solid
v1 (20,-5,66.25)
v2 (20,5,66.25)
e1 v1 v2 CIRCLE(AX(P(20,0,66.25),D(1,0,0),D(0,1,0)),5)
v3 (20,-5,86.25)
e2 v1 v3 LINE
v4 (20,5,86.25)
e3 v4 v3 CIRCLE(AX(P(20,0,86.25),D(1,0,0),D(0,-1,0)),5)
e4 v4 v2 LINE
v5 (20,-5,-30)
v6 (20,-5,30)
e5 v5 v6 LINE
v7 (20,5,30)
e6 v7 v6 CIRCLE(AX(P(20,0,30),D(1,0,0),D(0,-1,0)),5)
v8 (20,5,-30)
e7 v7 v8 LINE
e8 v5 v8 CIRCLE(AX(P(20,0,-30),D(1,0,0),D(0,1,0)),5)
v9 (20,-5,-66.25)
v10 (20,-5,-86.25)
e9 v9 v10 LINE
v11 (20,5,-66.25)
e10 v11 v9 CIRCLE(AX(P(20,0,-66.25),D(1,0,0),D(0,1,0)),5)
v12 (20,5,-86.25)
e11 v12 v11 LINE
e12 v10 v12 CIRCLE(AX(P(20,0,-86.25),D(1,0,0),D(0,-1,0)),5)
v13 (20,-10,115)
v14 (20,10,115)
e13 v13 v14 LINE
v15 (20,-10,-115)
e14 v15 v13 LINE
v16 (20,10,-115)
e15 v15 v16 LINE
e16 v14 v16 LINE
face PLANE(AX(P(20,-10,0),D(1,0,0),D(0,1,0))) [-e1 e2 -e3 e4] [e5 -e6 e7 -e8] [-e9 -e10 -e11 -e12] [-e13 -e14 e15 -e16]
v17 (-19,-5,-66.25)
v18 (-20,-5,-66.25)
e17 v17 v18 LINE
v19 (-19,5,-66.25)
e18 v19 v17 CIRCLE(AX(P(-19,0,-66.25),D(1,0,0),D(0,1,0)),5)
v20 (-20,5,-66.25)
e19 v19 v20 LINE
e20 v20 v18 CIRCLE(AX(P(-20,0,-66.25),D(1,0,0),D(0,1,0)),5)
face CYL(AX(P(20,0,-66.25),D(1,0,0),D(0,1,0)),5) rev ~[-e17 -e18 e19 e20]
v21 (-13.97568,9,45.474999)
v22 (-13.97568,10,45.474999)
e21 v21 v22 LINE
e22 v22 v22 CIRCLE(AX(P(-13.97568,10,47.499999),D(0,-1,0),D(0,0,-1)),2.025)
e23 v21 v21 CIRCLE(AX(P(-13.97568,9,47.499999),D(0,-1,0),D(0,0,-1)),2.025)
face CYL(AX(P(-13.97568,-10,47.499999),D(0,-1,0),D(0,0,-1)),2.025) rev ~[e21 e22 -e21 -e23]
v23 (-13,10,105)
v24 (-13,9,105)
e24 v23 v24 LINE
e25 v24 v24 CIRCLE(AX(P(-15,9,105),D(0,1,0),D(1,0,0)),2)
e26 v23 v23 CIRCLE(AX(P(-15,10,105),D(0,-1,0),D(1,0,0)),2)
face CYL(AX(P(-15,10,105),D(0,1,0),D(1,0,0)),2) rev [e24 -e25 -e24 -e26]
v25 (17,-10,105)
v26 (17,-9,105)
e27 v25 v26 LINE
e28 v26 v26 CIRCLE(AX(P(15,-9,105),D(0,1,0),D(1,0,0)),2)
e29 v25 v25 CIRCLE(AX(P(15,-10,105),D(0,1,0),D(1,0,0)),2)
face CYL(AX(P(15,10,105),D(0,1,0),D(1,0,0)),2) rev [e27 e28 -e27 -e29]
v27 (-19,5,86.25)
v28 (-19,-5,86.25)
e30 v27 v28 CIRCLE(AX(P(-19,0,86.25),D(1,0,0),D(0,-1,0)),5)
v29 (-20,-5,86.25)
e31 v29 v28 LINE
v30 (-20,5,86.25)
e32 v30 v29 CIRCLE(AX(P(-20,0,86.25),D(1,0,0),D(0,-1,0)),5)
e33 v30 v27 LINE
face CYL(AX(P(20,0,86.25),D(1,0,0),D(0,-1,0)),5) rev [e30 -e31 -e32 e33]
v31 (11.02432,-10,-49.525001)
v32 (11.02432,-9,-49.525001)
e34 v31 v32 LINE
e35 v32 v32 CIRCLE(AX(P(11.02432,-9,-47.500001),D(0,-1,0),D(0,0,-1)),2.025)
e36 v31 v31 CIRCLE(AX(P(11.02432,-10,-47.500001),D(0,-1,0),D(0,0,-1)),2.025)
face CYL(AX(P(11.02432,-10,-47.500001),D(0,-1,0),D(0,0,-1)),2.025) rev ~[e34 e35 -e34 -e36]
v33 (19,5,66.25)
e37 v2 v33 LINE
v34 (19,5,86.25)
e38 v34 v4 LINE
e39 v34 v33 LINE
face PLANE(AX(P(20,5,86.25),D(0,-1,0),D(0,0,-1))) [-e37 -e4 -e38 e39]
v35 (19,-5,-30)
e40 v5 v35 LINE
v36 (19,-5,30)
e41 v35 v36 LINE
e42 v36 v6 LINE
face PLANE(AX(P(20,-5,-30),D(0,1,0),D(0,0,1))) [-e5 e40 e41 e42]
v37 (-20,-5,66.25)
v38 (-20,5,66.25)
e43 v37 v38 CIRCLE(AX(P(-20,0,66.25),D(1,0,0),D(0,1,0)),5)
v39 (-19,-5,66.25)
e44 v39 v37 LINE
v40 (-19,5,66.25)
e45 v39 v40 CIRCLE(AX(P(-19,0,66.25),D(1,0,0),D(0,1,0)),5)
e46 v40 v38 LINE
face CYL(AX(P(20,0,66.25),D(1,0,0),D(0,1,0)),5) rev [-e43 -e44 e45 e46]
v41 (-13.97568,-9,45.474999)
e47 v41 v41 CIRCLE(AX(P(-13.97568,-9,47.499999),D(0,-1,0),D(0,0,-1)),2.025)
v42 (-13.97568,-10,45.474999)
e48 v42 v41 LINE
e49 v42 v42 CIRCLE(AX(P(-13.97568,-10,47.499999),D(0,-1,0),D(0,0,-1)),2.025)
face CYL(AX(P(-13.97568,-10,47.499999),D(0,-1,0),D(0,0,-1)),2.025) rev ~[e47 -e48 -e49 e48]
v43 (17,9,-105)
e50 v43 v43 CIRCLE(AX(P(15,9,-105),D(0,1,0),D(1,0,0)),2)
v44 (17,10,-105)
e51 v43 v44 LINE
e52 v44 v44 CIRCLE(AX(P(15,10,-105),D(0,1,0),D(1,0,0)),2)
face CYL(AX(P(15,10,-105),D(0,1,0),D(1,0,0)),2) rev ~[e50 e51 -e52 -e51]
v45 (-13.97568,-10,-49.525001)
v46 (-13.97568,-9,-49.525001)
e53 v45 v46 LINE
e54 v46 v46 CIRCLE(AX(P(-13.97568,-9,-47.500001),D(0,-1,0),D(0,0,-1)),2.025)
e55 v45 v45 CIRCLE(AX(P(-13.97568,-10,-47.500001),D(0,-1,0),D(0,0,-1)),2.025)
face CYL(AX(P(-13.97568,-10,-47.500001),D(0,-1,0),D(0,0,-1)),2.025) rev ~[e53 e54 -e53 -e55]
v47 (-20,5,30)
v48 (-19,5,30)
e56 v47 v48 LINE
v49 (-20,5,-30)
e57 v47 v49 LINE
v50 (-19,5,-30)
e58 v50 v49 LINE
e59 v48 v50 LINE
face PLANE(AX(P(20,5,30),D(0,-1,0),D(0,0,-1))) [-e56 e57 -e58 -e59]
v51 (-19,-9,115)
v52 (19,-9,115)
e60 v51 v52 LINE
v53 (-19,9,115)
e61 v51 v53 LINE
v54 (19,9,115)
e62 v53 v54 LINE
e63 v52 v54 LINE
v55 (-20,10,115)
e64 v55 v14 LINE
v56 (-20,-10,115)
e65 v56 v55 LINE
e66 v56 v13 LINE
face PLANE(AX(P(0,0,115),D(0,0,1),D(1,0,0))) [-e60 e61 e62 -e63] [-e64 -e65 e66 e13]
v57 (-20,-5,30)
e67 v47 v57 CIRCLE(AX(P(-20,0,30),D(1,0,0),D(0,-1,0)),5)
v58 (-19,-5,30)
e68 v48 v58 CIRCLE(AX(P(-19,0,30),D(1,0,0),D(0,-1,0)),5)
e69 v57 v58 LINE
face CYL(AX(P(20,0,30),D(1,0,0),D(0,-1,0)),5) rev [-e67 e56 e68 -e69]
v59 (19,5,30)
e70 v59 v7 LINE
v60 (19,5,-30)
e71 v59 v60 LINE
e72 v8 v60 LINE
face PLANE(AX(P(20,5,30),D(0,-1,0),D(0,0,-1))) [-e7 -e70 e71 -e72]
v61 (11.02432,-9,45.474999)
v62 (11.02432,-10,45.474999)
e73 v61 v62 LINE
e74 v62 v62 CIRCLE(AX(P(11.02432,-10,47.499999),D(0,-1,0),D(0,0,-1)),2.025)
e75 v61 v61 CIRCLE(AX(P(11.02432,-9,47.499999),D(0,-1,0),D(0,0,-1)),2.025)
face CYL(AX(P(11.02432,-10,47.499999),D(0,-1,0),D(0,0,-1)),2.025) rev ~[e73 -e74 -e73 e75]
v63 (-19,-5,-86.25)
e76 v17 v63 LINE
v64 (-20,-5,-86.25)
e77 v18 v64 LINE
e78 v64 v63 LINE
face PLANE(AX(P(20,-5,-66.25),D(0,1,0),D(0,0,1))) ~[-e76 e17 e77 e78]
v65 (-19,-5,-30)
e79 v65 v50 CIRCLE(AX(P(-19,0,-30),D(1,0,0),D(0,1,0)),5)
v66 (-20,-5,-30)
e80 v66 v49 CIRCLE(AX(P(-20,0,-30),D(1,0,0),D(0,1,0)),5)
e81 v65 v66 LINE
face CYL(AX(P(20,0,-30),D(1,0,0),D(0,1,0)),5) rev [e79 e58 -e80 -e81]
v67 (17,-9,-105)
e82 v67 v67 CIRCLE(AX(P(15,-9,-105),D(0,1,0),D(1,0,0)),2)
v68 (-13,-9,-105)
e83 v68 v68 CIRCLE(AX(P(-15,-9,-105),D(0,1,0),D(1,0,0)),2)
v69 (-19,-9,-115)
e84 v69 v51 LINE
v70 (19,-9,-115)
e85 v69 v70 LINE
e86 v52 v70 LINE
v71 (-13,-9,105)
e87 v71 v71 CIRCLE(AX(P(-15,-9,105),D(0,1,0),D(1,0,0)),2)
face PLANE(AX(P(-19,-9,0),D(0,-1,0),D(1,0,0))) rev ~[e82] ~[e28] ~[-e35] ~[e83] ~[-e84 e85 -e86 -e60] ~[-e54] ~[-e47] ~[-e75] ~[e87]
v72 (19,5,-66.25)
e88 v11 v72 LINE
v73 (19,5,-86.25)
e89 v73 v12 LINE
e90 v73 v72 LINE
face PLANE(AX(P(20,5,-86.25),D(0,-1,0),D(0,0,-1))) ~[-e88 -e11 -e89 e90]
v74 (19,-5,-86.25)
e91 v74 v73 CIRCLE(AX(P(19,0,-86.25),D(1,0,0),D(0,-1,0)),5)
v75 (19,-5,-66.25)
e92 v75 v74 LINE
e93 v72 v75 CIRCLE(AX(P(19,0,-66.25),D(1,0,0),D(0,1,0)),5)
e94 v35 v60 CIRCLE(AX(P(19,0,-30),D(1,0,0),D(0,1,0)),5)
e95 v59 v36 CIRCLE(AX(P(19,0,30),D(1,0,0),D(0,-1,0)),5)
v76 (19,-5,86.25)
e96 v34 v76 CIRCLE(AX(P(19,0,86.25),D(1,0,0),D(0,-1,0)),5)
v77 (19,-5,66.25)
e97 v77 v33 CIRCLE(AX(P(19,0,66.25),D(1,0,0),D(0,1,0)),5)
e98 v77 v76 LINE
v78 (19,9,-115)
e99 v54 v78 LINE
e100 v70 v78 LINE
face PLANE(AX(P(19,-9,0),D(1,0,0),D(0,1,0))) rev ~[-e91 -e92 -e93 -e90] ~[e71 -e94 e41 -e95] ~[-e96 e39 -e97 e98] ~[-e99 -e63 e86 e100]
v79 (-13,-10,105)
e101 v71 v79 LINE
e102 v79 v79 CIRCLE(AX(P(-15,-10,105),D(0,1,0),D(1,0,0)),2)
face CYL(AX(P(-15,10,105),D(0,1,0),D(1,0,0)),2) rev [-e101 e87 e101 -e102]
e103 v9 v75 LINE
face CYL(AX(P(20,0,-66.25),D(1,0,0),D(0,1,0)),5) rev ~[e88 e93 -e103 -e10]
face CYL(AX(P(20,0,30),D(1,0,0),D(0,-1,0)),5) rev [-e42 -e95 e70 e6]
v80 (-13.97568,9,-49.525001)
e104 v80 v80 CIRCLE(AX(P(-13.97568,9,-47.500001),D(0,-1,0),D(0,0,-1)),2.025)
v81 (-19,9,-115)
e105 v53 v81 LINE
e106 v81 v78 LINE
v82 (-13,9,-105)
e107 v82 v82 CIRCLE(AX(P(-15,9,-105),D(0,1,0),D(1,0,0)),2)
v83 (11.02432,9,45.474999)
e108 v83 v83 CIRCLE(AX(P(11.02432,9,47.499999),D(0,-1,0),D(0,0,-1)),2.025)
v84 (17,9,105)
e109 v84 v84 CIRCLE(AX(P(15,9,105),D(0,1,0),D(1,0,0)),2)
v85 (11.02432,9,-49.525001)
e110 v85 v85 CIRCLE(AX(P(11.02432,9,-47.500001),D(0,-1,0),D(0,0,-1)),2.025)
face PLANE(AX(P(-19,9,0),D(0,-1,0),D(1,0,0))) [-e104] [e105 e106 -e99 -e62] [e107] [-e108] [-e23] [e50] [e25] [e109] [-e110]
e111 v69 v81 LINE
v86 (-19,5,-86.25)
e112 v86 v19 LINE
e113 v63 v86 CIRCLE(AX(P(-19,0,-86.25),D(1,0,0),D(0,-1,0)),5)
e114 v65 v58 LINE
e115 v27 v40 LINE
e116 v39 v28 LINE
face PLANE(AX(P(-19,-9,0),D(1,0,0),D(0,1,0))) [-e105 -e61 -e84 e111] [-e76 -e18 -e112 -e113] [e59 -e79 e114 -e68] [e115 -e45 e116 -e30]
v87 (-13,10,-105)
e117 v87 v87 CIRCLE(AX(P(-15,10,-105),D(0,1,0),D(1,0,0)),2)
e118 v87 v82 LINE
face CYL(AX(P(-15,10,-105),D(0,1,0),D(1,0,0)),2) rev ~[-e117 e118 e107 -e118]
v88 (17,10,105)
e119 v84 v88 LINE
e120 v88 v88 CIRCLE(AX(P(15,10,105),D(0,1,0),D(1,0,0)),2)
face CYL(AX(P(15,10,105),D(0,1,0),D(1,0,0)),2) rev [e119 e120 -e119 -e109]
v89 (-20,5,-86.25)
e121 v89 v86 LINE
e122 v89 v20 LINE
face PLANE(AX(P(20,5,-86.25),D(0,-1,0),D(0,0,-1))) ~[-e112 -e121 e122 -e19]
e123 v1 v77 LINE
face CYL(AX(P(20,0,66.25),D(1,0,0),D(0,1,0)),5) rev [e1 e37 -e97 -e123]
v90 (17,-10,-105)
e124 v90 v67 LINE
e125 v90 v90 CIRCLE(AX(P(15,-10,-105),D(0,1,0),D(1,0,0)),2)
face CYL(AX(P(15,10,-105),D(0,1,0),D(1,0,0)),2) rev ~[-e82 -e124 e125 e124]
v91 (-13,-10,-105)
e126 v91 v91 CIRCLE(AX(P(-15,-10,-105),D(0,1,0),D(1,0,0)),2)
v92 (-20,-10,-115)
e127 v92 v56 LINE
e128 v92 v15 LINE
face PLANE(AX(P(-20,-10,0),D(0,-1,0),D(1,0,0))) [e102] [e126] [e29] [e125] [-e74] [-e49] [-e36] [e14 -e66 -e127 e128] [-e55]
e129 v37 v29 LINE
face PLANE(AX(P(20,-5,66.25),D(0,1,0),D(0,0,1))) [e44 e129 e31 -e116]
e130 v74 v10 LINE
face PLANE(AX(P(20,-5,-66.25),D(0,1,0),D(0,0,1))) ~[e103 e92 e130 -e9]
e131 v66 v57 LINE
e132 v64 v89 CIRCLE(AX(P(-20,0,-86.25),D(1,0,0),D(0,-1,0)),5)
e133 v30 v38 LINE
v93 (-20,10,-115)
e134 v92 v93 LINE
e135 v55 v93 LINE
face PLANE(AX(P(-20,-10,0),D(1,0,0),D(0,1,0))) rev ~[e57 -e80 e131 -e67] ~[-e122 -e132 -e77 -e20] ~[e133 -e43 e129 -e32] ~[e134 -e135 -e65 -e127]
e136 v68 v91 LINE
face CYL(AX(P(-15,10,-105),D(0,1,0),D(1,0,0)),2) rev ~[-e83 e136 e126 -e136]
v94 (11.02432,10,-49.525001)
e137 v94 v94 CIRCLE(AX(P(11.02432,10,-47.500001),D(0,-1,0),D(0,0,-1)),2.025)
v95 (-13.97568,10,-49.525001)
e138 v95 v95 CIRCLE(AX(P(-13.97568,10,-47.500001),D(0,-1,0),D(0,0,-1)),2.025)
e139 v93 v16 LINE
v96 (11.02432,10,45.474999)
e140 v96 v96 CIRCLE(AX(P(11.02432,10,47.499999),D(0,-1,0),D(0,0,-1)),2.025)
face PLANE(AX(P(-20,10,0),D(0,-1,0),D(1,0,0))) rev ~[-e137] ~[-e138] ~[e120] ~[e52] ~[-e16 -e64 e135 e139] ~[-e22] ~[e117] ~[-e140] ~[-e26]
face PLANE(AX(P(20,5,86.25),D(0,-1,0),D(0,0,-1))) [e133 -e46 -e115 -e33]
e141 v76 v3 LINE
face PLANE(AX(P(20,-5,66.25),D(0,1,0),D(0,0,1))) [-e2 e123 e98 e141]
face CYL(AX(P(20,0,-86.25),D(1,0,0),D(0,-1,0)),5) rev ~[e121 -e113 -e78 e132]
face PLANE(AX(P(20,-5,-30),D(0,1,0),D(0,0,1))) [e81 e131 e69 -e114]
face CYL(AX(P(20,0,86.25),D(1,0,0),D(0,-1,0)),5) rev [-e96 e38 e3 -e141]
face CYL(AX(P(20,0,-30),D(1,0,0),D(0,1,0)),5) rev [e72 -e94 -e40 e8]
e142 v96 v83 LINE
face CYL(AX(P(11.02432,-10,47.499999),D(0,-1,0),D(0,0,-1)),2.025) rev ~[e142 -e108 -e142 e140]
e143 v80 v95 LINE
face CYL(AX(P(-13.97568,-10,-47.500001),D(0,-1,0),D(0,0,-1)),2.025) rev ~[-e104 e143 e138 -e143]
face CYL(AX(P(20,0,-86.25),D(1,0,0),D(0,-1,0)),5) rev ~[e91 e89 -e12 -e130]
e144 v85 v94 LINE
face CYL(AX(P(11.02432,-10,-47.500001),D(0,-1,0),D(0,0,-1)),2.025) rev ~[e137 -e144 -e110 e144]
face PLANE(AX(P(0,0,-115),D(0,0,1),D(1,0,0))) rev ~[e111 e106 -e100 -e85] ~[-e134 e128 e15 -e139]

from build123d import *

# Parameters (mm, degrees)
SKETCH_1_W          = 40
SKETCH_1_H          = 20
SKETCH_1_W_2        = 38
SKETCH_1_H_2        = 18
EXTRUDE_1_DEPTH     = 115
SKETCH_2_R          = 2
CUT_EXTRUDE_1_DEPTH = 115
SKETCH_3_R          = 2.025
CUT_EXTRUDE_2_DEPTH = 35
CUT_EXTRUDE_3_DEPTH = 129.5
CUT_EXTRUDE_4_DEPTH = 129.5


with BuildPart() as part:
    # 草图1 → 凸台-拉伸1 (new, symmetric)
    with BuildSketch(Plane.XY):
        Rectangle(SKETCH_1_W, SKETCH_1_H)
        Rectangle(SKETCH_1_W_2, SKETCH_1_H_2, mode=Mode.SUBTRACT)
    extrude(amount=EXTRUDE_1_DEPTH, both=True)

    # 草图2 → 切除-拉伸1 (cut, symmetric)
    with BuildSketch(Plane(origin=(0, 10, 0), x_dir=(1, 0, 0), z_dir=(0, 1, 0))):
        with Locations((-15, 105)):
            Circle(SKETCH_2_R)
        with Locations((15, 105)):
            Circle(SKETCH_2_R)
    cut_extrude_1 = extrude(amount=CUT_EXTRUDE_1_DEPTH, both=True, mode=Mode.SUBTRACT)

    # 镜向1: 切除-拉伸1 across plane
    add(cut_extrude_1.mirror(Plane.XY), mode=Mode.SUBTRACT)

    # 草图3 → 切除-拉伸2 (cut, symmetric)
    with BuildSketch(Plane.XZ.offset(10)):
        with Locations(Location((-13.975679885, -47.500000831, 0), (0, 0, 270))):
            Circle(SKETCH_3_R)
        with Locations(Location((11.024320115, -47.500000831, 0), (0, 0, 270))):
            Circle(SKETCH_3_R)
        with Locations(Location((-13.975679885, 47.499999169, 0), (0, 0, 270))):
            Circle(SKETCH_3_R)
        with Locations(Location((11.024320115, 47.499999169, 0), (0, 0, 270))):
            Circle(SKETCH_3_R)
    extrude(amount=CUT_EXTRUDE_2_DEPTH, both=True, mode=Mode.SUBTRACT)

    # 草图4 → 切除-拉伸3 (cut, symmetric)
    with BuildSketch(Plane(origin=(20, 0, 0), x_dir=(0, 0, -1), z_dir=(1, 0, 0))):
        with BuildLine():
            Line((-30, 5), (30, 5))
            ThreePointArc((30, 5), (35, 0), (30, -5))
            Line((30, -5), (-30, -5))
            ThreePointArc((-30, -5), (-35, 0), (-30, 5))
        make_face()
    extrude(amount=CUT_EXTRUDE_3_DEPTH, both=True, mode=Mode.SUBTRACT)

    # 草图5 → 切除-拉伸4 (cut, symmetric)
    with BuildSketch(Plane(origin=(20, 0, 0), x_dir=(0, 0, -1), z_dir=(1, 0, 0))):
        with BuildLine():
            Line((-86.249999585, 5), (-66.249999585, 5))
            ThreePointArc((-66.249999585, 5), (-61.249999585, 0), (-66.249999585, -5))
            Line((-66.249999585, -5), (-86.249999585, -5))
            ThreePointArc((-86.249999585, -5), (-91.249999585, 0), (-86.249999585, 5))
        make_face()
    cut_extrude_4 = extrude(amount=CUT_EXTRUDE_4_DEPTH, both=True, mode=Mode.SUBTRACT)

    # 镜向2: 切除-拉伸4 across plane
    add(cut_extrude_4.mirror(Plane.XY), mode=Mode.SUBTRACT)


solid = part.part
